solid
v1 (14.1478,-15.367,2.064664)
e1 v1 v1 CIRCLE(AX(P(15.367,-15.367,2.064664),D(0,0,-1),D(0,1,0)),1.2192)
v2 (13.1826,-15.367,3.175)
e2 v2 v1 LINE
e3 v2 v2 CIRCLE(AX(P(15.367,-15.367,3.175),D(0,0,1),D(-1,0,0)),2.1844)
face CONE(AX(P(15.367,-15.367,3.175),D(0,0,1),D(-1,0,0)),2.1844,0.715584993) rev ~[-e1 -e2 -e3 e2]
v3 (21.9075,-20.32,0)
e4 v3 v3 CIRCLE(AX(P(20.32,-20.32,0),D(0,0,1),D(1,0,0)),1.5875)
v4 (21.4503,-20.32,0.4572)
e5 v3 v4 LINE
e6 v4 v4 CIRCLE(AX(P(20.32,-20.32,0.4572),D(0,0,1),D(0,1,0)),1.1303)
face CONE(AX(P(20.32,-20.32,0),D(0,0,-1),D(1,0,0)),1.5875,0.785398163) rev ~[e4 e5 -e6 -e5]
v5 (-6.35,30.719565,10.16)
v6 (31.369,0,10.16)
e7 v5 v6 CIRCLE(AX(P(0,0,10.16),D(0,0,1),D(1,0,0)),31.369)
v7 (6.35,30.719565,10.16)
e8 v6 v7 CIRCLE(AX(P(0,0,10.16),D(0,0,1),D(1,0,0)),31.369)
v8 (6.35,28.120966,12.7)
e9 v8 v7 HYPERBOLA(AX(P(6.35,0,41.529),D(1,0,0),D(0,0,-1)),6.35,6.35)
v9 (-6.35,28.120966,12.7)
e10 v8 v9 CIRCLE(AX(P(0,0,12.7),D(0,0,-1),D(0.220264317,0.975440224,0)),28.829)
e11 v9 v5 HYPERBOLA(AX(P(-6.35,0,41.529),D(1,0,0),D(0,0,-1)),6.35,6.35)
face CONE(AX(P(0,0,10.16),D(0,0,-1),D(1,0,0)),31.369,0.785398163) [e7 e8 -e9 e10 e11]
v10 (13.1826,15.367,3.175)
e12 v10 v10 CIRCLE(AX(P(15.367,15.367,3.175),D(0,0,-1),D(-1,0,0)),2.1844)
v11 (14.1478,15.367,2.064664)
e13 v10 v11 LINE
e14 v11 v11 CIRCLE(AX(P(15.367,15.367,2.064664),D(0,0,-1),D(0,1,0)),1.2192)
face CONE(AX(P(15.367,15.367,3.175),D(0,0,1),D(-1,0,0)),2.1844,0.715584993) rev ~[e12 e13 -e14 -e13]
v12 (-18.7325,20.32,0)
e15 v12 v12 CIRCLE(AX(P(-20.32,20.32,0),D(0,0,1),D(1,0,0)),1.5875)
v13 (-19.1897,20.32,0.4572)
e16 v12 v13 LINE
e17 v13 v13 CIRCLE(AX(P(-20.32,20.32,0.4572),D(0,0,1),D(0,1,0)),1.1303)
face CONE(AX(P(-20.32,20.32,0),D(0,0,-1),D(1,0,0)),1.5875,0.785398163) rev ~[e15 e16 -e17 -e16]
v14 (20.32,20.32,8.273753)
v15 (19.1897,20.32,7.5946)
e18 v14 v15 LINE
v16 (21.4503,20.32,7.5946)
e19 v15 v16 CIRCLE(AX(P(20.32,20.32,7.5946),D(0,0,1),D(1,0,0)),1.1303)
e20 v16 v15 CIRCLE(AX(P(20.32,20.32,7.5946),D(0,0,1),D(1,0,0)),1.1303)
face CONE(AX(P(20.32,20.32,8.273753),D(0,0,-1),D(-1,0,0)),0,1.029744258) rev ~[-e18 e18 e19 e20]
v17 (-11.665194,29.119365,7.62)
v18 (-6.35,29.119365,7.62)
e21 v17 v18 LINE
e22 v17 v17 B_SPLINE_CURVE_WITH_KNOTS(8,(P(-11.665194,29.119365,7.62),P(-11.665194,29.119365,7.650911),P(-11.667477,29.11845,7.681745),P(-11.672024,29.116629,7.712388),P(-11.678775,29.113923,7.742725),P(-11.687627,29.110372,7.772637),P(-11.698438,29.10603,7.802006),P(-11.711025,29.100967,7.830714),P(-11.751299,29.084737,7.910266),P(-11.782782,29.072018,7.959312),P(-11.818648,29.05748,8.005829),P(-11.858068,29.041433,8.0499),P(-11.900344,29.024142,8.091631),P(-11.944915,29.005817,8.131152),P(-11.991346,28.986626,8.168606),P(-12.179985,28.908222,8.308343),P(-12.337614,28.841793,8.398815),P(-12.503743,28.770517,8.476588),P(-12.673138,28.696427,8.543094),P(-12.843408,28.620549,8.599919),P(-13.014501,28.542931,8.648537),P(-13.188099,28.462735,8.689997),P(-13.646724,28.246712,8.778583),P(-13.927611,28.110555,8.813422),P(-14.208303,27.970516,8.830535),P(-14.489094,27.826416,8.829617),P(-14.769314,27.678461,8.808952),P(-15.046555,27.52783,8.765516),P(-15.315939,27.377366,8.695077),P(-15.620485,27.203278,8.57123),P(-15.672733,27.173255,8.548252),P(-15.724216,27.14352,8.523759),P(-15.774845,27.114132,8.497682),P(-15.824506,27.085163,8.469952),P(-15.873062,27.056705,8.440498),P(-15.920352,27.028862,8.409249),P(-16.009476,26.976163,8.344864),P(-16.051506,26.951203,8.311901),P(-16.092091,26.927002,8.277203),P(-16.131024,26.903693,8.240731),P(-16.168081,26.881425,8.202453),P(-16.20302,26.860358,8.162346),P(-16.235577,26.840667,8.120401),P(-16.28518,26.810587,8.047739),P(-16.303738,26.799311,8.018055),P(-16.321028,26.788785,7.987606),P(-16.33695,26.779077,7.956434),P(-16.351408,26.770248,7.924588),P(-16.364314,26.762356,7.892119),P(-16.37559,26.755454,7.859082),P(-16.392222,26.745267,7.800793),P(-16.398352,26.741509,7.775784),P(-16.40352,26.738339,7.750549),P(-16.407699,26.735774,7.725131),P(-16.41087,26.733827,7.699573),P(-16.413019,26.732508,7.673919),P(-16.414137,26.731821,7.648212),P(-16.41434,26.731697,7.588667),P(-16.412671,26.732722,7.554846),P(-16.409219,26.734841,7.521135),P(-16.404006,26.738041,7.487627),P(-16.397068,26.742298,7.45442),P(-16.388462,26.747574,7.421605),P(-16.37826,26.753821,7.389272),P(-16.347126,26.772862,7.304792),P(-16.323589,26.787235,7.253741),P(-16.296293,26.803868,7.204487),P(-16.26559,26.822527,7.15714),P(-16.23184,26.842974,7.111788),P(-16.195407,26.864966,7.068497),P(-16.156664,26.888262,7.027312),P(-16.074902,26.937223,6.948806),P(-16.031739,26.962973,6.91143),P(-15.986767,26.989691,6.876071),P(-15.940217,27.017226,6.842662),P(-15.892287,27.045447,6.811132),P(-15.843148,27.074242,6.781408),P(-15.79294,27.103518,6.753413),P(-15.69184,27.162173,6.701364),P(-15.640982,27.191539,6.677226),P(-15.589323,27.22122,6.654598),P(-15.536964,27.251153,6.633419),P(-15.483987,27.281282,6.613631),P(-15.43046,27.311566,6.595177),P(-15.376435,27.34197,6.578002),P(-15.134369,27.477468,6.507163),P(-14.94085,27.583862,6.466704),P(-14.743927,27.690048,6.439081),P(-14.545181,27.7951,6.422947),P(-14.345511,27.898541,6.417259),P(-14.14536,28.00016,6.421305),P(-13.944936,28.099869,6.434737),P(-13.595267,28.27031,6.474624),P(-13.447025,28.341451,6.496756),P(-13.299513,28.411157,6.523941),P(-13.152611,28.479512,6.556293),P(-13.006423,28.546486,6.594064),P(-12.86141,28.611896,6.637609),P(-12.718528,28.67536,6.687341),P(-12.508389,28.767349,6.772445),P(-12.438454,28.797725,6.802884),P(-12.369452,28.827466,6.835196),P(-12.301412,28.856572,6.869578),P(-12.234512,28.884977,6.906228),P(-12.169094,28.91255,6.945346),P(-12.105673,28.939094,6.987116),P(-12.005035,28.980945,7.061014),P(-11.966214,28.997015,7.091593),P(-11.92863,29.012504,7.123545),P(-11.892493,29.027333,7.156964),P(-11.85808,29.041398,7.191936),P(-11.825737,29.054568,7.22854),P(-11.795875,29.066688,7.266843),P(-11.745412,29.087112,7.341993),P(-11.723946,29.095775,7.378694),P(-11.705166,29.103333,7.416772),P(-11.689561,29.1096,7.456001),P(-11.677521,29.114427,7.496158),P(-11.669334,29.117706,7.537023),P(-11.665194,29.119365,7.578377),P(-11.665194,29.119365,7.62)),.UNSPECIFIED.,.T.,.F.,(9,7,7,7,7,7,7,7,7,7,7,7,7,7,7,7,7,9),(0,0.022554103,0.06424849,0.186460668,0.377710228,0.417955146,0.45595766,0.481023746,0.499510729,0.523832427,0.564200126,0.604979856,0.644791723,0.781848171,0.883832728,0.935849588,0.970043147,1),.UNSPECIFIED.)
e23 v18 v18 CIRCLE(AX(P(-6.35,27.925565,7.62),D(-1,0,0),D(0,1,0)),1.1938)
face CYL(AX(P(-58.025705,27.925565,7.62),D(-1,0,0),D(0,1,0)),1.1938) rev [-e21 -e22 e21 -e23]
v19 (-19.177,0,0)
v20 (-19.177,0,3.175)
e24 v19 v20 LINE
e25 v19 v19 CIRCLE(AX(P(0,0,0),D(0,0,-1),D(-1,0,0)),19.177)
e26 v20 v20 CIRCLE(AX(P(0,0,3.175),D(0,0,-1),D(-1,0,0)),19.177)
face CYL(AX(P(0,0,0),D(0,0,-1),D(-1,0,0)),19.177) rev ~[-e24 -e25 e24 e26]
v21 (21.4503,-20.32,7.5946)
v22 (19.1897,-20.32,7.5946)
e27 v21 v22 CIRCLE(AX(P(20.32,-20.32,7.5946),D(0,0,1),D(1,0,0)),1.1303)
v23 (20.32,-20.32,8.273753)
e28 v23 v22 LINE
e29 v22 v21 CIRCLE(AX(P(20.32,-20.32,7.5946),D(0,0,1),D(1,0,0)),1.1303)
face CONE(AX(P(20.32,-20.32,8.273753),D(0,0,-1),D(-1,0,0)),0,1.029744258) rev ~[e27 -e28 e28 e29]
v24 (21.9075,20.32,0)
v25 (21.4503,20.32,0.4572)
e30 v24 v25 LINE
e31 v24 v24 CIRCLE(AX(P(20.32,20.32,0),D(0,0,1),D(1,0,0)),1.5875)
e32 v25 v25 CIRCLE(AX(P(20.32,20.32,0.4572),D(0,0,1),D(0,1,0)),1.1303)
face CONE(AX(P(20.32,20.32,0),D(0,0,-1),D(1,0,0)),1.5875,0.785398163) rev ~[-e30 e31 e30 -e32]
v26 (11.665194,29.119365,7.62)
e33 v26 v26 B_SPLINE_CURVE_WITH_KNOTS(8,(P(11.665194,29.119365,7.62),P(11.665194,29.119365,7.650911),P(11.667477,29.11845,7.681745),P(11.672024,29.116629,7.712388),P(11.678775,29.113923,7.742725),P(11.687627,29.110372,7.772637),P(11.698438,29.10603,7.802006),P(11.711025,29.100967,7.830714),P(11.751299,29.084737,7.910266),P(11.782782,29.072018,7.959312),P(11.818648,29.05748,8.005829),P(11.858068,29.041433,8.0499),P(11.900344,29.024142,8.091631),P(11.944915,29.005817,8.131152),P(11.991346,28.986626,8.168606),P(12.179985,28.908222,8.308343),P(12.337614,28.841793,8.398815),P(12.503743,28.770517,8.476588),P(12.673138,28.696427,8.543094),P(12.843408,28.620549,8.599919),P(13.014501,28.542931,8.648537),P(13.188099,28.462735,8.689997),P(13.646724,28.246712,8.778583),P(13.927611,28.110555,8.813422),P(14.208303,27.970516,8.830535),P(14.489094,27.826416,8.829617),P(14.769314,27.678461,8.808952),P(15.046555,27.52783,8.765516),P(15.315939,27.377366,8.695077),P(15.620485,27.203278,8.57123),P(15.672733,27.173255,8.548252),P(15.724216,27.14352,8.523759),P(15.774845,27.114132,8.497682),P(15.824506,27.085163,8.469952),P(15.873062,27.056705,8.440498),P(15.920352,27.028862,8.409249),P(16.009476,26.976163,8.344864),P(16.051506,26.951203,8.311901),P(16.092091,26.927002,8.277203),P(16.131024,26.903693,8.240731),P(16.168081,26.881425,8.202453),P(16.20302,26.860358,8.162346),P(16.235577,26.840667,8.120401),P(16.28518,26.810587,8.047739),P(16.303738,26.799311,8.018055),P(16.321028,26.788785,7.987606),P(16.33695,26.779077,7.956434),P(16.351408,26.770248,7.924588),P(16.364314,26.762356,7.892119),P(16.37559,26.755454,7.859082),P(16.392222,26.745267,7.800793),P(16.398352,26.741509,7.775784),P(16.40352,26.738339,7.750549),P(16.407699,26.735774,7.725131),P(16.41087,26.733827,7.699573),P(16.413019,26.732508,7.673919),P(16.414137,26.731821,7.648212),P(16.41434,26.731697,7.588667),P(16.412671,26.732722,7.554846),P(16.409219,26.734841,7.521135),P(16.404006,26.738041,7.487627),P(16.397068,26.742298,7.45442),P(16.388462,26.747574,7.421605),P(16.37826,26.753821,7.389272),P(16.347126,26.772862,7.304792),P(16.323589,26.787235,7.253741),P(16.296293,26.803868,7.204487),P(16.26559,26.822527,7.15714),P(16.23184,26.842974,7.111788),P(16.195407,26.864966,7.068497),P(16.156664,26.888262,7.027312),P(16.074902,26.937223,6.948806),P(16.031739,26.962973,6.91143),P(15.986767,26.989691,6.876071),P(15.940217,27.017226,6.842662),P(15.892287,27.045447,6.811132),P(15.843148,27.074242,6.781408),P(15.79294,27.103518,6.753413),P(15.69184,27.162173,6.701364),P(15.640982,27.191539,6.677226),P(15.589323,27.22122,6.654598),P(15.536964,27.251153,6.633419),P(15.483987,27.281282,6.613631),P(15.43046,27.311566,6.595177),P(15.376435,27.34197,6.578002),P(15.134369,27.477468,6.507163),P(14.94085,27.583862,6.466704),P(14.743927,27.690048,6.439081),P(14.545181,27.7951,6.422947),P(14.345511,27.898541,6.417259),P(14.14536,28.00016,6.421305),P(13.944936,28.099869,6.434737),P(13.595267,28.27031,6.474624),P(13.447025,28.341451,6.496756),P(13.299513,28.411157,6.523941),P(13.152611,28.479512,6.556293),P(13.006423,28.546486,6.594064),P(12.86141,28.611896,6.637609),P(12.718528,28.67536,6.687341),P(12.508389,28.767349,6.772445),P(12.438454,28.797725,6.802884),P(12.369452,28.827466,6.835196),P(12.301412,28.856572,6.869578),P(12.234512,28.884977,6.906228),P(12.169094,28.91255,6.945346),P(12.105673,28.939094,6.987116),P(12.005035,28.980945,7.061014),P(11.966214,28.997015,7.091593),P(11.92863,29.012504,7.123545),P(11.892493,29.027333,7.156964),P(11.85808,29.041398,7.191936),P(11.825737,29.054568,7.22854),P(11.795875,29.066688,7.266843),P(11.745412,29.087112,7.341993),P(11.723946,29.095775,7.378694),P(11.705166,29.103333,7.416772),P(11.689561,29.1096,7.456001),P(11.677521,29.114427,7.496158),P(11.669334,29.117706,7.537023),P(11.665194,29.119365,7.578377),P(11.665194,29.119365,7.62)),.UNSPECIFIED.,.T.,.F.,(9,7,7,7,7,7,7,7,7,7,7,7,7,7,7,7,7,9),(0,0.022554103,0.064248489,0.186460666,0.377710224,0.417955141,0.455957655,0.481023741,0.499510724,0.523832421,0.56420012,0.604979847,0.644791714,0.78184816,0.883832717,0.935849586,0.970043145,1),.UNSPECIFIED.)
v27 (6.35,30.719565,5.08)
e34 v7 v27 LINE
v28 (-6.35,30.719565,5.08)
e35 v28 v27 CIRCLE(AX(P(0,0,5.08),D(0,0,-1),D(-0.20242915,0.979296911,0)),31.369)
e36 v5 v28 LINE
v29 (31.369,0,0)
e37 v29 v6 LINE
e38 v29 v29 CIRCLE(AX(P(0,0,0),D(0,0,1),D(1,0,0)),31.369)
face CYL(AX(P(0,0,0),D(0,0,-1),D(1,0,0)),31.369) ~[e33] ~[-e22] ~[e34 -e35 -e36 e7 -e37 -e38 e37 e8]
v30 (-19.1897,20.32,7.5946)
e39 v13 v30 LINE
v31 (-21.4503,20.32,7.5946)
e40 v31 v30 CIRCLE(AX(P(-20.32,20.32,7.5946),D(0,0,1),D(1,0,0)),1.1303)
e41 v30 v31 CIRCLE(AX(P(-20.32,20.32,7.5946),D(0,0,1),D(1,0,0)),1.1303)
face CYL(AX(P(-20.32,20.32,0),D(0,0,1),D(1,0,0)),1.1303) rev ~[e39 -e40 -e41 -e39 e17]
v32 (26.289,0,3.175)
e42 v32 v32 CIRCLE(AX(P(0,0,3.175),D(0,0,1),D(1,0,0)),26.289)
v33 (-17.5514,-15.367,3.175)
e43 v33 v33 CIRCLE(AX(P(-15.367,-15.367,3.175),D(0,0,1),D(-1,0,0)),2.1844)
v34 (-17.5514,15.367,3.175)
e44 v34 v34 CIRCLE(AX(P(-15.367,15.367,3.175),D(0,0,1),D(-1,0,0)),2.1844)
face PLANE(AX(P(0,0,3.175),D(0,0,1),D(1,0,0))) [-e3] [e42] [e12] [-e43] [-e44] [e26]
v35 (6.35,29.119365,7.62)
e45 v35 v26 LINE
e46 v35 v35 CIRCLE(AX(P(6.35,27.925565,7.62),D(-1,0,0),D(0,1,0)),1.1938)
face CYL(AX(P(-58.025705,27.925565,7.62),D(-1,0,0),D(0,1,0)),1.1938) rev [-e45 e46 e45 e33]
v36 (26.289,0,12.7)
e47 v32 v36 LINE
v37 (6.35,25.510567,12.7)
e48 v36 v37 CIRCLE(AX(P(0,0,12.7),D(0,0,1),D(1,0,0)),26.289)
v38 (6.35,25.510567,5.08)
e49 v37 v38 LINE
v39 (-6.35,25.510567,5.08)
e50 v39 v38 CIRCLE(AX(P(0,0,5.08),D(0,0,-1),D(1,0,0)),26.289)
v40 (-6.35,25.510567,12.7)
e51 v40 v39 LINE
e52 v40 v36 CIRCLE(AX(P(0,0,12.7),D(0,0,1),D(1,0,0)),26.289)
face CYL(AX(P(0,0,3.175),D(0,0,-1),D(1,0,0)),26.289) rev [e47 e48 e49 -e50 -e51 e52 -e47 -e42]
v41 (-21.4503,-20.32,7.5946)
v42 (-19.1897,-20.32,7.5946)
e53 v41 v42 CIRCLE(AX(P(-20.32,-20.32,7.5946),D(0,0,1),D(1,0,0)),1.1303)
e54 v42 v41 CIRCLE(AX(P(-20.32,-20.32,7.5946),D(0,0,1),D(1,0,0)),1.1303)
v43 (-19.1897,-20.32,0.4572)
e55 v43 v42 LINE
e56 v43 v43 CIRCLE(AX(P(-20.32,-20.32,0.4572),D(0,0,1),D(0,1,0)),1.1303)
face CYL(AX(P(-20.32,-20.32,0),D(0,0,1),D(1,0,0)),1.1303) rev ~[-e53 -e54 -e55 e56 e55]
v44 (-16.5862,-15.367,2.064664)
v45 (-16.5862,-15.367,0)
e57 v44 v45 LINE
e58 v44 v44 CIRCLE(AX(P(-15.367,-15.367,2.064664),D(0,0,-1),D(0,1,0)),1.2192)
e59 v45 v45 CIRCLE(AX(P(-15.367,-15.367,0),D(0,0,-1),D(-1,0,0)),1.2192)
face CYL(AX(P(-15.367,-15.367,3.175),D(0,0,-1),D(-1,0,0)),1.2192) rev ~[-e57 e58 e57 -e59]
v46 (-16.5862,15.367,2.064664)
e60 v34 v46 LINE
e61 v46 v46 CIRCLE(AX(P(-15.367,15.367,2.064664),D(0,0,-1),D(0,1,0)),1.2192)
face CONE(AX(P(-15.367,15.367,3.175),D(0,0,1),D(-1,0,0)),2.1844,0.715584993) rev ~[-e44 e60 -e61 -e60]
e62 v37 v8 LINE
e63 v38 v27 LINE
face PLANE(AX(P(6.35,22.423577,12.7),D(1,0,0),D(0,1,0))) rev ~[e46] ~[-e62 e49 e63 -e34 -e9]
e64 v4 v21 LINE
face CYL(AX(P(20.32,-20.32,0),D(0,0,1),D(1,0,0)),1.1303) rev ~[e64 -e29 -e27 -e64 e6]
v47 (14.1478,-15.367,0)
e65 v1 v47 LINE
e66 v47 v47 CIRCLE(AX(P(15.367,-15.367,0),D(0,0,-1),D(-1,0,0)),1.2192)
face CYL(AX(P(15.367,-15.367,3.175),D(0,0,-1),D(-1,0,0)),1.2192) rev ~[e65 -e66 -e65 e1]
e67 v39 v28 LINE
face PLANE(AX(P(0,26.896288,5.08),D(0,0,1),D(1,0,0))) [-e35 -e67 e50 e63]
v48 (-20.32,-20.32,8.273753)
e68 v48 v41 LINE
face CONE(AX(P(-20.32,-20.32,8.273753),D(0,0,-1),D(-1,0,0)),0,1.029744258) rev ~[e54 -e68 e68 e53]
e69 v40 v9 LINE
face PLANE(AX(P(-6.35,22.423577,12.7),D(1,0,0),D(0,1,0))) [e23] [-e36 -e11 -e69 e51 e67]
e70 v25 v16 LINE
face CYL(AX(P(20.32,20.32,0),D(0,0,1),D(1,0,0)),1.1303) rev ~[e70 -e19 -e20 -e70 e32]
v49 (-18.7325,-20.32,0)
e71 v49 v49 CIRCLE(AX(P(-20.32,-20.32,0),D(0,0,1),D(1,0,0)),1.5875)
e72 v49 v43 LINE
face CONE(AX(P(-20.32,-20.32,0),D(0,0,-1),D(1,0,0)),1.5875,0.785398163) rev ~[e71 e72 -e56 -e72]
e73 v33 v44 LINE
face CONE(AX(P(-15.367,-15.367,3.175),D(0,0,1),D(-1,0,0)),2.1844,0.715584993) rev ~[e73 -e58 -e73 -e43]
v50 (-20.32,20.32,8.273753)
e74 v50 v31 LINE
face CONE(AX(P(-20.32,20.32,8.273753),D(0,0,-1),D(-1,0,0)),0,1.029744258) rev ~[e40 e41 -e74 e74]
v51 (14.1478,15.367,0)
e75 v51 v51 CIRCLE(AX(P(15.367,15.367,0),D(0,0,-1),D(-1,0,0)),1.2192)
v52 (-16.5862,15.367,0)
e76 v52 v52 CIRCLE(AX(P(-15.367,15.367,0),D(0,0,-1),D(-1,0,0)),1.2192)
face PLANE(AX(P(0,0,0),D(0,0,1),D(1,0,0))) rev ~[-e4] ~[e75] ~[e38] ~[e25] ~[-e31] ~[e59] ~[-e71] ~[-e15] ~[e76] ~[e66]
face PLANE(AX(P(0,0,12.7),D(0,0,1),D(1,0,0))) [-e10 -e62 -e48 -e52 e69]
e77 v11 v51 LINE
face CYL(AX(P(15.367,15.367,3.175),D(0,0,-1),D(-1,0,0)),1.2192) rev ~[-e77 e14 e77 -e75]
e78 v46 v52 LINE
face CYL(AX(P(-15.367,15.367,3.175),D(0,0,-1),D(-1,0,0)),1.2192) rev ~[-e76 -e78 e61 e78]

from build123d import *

# Parameters (mm, degrees)
SKETCH1_R                                         = 31.369
BOSS_EXTRUDE1_DEPTH                               = 12.7
SKETCH2_R                                         = 19.177
CUT_EXTRUDE1_DEPTH                                = 47.144537293
CUT_EXTRUDE2_START                                = -9.525
SKETCH3_R                                         = 26.289
CUT_EXTRUDE2_DEPTH                                = 9.525
CHAMFER1_SIZE                                     = 2.54
CSK_FOR_2_FLAT_HEAD_MACHINE_SCREW_100_D           = 2.4384
CSK_FOR_2_FLAT_HEAD_MACHINE_SCREW_100_CSINK_D     = 4.3688
CSK_FOR_2_FLAT_HEAD_MACHINE_SCREW_100_CSINK_ANGLE = 82
F_4_40_TAPPED_HOLE1_D                             = 2.2606
F_4_40_TAPPED_HOLE1_DEPTH                         = 7.5946
F_4_40_TAPPED_HOLE1_CSINK_D                       = 3.175
F_4_40_TAPPED_HOLE1_CSINK_ANGLE                   = 90
F_4_40_TAPPED_HOLE1_TIP                           = 0.679152758
SKETCH12_W                                        = 12.7
SKETCH12_H                                        = 8.945423361
CUT_EXTRUDE3_DEPTH                                = 7.62
CUT_EXTRUDE4_DEPTH                                = 51.675705442
CUT_EXTRUDE4_DEPTH_BACK                           = 51.675705442
SKETCH13_R                                        = 1.1938


with BuildPart() as part:
    # Sketch1 → Boss-Extrude1 (new body)
    with BuildSketch(Plane.XY):
        Circle(SKETCH1_R)
    extrude(amount=BOSS_EXTRUDE1_DEPTH)

    # Sketch2 → Cut-Extrude1 (cut, through all)
    with BuildSketch(Plane(origin=(0, 0, 0), x_dir=(-1, 0, 0), z_dir=(0, 0, -1))):
        Circle(SKETCH2_R)
    extrude(amount=-CUT_EXTRUDE1_DEPTH, mode=Mode.SUBTRACT)

    # Sketch3 → Cut-Extrude2 (cut)
    with BuildSketch(Plane.XY.offset(12.7).offset(CUT_EXTRUDE2_START)):
        Circle(SKETCH3_R)
    extrude(amount=CUT_EXTRUDE2_DEPTH, mode=Mode.SUBTRACT)

    # Chamfer1
    chamfer1_edges = [part.edges().sort_by_distance(p)[0] for p in [
        (-31.369, 0, 12.7),
    ]]
    chamfer(chamfer1_edges, length=CHAMFER1_SIZE)

    # CSK for #2 Flat Head Machine Screw (100)1 (through all)
    with Locations(Plane.XY.offset(3.175)):
        with Locations((-15.367, -15.367), (-15.367, 15.367), (15.367, 15.367), (15.367, -15.367)):
            CounterSinkHole(CSK_FOR_2_FLAT_HEAD_MACHINE_SCREW_100_D / 2, CSK_FOR_2_FLAT_HEAD_MACHINE_SCREW_100_CSINK_D / 2, counter_sink_angle=CSK_FOR_2_FLAT_HEAD_MACHINE_SCREW_100_CSINK_ANGLE)

    # #4-40 Tapped Hole1
    with Locations(Plane(origin=(0, 0, 0), x_dir=(-1, 0, 0), z_dir=(0, 0, -1))):
        with Locations((-20.32, 20.32), (20.32, 20.32), (20.32, -20.32), (-20.32, -20.32)):
            CounterSinkHole(F_4_40_TAPPED_HOLE1_D / 2, F_4_40_TAPPED_HOLE1_CSINK_D / 2, depth=F_4_40_TAPPED_HOLE1_DEPTH, counter_sink_angle=F_4_40_TAPPED_HOLE1_CSINK_ANGLE)
            with Locations((0, 0, -(F_4_40_TAPPED_HOLE1_DEPTH + F_4_40_TAPPED_HOLE1_TIP / 2))):  # 118° drill point
                Cone(0, F_4_40_TAPPED_HOLE1_D / 2, F_4_40_TAPPED_HOLE1_TIP, mode=Mode.SUBTRACT)

    # Sketch12 → Cut-Extrude3 (cut)
    with BuildSketch(Plane.XY.offset(12.7)):
        with Locations((0, 26.89628832)):
            Rectangle(SKETCH12_W, SKETCH12_H)
    extrude(amount=-CUT_EXTRUDE3_DEPTH, mode=Mode.SUBTRACT)

    # Sketch13 → Cut-Extrude4 (cut, two sides: drawn at the far end of the back side and taken through both)
    with BuildSketch(Plane(origin=(-6.35, 0, 0), x_dir=(0, 0, -1), z_dir=(1, 0, 0)).offset(-CUT_EXTRUDE4_DEPTH_BACK)):
        with Locations(Location((-7.62, 27.925564792, 0), (0, 0, 90))):
            Circle(SKETCH13_R)
    extrude(amount=CUT_EXTRUDE4_DEPTH + CUT_EXTRUDE4_DEPTH_BACK, mode=Mode.SUBTRACT)


solid = part.part
